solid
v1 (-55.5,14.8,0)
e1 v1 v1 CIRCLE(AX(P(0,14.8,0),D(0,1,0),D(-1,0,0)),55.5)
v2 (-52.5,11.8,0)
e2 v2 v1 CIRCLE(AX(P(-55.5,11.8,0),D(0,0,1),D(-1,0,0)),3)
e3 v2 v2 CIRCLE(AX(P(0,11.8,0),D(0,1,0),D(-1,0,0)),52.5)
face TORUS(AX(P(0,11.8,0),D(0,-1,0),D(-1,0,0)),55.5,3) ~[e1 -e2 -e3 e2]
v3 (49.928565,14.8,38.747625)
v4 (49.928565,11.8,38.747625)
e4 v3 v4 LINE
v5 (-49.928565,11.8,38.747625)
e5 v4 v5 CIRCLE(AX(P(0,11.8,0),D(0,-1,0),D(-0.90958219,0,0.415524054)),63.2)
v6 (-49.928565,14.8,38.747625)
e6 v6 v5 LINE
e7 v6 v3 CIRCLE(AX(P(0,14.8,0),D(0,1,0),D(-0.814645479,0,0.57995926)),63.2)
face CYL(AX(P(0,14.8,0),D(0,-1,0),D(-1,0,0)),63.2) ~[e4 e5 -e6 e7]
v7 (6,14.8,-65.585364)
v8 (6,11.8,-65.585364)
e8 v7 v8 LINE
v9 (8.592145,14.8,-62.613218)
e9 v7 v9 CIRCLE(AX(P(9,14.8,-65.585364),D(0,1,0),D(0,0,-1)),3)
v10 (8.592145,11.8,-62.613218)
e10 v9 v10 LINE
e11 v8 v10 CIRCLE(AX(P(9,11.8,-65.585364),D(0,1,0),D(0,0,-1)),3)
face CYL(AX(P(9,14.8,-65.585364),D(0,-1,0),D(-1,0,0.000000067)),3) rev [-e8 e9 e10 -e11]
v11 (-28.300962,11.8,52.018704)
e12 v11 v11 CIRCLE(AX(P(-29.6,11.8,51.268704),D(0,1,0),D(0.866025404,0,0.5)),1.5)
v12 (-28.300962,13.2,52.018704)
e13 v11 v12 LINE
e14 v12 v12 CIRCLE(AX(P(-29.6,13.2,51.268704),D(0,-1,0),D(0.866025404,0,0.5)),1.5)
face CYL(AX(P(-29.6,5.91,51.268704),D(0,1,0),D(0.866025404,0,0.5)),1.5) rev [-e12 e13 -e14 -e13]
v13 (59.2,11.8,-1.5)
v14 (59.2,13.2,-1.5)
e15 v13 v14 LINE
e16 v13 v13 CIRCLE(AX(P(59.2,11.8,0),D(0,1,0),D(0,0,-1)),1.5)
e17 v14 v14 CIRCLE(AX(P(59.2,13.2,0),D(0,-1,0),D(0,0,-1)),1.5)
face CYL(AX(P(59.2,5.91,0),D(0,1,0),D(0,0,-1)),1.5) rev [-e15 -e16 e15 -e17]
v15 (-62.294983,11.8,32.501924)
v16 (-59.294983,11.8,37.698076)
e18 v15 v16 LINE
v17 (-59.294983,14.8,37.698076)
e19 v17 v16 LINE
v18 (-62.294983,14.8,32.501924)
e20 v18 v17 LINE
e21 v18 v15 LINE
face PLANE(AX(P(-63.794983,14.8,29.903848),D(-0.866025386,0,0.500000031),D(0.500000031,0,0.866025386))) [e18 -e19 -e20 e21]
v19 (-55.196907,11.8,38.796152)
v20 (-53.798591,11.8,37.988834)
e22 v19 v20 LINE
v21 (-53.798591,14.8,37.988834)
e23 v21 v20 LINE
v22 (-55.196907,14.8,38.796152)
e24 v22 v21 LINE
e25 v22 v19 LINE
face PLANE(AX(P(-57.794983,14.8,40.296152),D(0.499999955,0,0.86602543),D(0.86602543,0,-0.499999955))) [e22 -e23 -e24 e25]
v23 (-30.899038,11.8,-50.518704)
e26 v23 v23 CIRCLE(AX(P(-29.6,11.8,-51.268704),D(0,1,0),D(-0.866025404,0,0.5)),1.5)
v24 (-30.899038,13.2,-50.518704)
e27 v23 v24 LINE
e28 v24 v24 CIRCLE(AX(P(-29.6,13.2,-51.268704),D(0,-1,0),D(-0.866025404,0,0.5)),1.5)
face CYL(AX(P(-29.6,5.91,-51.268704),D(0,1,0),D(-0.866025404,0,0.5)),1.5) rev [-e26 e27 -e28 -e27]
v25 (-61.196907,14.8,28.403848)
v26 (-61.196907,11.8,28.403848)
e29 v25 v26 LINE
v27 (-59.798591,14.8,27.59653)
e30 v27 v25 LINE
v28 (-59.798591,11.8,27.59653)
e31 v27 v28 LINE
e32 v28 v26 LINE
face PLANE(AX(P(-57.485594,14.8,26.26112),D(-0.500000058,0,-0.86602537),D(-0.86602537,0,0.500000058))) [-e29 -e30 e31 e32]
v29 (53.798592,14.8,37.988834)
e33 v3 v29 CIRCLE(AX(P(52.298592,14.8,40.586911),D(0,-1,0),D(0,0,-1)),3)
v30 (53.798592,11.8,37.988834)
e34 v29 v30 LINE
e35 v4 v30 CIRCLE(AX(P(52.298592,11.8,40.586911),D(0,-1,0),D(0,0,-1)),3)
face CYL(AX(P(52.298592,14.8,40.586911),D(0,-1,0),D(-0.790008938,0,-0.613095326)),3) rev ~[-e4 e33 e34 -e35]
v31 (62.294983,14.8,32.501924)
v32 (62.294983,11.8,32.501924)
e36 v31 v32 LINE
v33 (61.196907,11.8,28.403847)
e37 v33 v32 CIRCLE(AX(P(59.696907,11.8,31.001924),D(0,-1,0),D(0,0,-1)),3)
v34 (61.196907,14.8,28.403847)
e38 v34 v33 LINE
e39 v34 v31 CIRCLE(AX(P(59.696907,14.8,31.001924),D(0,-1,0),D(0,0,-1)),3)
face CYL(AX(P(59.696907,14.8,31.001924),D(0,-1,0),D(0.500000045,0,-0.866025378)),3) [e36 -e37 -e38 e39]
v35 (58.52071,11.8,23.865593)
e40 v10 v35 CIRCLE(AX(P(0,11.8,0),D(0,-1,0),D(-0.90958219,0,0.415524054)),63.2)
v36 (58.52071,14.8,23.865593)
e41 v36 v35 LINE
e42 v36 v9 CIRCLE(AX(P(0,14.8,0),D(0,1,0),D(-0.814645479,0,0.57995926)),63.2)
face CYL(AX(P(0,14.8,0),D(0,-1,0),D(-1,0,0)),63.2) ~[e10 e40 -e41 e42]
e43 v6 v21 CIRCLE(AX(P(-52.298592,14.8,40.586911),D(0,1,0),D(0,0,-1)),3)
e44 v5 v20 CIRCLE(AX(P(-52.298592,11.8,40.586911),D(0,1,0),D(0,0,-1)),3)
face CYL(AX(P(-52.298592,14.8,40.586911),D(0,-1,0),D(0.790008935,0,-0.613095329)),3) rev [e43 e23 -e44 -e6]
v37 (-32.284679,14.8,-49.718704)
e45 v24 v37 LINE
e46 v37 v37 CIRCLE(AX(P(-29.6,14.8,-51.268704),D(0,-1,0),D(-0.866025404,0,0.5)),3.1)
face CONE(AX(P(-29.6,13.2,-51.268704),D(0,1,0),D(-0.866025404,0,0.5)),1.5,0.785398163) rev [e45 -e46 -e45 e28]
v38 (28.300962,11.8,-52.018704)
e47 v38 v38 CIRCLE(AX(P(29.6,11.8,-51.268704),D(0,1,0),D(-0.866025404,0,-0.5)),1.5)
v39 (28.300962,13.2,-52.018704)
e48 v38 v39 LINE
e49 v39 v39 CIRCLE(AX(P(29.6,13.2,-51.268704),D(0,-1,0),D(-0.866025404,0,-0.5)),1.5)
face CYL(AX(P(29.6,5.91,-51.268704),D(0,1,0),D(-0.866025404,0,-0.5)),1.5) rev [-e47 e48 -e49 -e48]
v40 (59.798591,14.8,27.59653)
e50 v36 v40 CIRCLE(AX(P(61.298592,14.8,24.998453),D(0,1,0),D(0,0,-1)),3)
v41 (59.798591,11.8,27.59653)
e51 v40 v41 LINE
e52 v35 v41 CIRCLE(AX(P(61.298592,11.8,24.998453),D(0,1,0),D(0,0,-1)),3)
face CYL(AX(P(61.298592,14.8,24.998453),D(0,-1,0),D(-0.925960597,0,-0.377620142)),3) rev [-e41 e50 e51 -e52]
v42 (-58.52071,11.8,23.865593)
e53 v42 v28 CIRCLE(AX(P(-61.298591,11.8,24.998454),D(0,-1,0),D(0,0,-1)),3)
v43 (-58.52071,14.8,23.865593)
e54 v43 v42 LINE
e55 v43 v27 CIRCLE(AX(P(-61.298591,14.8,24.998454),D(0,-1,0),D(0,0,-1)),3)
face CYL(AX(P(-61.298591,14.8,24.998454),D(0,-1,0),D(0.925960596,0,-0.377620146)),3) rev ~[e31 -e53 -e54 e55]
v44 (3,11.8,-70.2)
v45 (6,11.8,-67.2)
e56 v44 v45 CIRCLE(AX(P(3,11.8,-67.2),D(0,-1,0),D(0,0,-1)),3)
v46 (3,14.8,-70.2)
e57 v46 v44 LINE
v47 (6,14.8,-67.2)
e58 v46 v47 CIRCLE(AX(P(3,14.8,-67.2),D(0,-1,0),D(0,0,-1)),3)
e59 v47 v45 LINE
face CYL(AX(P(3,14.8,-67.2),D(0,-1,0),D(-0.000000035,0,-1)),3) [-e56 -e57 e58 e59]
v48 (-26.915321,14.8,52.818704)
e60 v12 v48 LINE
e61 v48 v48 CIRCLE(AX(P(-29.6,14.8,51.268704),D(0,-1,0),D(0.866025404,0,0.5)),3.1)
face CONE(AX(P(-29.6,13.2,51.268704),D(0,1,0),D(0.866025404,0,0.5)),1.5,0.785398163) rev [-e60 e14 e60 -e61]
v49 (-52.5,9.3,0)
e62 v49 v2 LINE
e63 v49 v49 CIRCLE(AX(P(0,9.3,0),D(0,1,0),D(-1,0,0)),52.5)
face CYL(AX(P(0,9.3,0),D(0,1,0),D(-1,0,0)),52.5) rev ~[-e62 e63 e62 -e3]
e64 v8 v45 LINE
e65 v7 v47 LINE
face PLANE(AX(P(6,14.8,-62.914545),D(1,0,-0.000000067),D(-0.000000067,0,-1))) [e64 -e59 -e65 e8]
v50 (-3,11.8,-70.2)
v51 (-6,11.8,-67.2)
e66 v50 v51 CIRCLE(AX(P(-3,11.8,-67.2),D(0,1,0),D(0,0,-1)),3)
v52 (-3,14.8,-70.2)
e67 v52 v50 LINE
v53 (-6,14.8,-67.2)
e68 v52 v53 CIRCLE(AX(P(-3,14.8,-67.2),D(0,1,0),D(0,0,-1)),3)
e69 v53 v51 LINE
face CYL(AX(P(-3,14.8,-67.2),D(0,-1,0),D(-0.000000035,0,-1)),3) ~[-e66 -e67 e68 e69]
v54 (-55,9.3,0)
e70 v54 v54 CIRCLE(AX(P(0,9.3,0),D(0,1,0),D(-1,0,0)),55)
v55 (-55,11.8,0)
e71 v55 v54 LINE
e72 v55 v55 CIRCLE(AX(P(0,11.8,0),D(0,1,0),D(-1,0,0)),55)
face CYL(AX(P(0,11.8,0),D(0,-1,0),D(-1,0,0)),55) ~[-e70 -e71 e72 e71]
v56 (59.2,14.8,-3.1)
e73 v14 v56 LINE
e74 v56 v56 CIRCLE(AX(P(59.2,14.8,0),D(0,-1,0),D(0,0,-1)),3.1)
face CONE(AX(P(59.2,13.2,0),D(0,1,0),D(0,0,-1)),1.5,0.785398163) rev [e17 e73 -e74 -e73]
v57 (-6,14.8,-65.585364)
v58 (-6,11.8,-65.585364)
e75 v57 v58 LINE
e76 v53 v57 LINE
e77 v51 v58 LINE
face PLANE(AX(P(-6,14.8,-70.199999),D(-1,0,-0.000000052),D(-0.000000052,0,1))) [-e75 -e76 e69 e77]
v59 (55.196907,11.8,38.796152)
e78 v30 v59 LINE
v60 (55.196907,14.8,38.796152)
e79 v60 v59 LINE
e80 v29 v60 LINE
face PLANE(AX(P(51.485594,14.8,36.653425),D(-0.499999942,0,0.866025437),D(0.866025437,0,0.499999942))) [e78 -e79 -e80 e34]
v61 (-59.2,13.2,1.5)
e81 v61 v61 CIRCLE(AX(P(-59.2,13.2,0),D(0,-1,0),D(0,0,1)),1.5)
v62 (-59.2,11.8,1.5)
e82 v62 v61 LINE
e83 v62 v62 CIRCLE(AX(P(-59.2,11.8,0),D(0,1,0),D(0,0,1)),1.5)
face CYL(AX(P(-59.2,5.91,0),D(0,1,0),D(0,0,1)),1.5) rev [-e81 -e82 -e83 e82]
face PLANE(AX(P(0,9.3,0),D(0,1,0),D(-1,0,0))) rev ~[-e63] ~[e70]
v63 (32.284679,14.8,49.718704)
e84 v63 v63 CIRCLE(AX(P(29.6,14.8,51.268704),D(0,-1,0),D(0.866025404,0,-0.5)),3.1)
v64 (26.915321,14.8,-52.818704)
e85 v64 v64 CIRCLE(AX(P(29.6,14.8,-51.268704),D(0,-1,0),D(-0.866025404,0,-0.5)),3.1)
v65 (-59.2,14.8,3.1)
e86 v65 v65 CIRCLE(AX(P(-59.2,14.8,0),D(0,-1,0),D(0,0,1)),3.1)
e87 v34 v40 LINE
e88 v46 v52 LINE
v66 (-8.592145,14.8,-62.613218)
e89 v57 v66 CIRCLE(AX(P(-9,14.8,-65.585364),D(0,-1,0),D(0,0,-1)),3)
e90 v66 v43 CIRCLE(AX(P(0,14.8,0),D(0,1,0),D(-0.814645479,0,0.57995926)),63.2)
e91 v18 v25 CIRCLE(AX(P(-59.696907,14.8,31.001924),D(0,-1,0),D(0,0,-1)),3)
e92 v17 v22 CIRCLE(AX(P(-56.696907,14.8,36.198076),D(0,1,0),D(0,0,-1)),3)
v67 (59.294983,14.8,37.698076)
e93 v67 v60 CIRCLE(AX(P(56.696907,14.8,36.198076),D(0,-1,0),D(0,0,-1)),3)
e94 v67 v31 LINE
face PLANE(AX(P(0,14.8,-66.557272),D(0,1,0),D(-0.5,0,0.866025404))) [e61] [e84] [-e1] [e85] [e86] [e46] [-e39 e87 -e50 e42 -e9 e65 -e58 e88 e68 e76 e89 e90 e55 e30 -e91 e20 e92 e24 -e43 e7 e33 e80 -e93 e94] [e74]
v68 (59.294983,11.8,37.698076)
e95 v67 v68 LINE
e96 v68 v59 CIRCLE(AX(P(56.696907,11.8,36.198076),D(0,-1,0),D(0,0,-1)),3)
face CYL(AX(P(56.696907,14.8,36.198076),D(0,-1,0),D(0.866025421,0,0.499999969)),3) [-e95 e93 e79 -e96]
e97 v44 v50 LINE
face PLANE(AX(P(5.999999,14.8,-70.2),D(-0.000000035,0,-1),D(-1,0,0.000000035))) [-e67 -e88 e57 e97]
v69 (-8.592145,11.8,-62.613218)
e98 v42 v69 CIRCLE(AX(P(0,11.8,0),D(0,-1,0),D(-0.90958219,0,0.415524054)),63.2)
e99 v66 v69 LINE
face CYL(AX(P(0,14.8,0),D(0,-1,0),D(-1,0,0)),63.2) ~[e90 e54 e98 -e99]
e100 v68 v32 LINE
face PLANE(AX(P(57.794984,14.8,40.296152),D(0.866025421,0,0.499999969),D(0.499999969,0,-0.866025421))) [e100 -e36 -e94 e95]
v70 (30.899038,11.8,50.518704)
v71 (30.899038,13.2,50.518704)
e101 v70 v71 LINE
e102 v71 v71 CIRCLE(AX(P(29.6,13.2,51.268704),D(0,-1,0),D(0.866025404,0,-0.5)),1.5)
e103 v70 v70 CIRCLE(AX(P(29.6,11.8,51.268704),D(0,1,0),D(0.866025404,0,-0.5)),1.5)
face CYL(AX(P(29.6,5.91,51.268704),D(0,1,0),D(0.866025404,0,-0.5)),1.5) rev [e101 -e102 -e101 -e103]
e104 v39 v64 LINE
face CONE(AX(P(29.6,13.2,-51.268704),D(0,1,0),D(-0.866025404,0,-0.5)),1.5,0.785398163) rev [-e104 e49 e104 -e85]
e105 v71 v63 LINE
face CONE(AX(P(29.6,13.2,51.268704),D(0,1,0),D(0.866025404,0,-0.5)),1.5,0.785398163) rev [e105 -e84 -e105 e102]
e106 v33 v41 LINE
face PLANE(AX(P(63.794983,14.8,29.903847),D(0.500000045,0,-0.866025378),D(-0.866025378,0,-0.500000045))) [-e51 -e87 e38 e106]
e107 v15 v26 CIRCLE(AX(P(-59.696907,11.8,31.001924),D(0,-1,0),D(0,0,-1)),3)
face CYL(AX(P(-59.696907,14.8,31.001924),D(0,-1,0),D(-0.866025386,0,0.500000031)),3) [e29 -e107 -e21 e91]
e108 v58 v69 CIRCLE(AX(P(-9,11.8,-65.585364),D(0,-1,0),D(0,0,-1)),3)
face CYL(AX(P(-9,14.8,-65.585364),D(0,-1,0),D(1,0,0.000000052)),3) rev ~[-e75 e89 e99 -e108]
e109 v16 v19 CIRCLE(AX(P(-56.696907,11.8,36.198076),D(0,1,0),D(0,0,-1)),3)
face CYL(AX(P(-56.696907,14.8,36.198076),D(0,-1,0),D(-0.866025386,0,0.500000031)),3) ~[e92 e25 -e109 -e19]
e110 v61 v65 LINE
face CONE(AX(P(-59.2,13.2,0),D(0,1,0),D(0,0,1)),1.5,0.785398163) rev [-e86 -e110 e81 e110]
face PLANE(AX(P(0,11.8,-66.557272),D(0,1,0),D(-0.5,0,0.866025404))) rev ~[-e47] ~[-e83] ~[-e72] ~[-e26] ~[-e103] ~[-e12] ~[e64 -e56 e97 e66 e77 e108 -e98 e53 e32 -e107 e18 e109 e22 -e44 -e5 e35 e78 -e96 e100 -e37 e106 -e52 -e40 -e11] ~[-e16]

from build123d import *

# Parameters (mm, degrees)
CIRPATTERN1_COUNT        = 6
FILLET1_R                = 3
BOSS_EXTRUDE1_START      = 14.8
BOSS_EXTRUDE1_DEPTH      = 3
FILLET2_R                = 3
CIRPATTERN2_COUNT        = 3
FILLET2_OF_CIRPATTERN2_R = 3


with BuildPart() as part:
    # Sketch3 → Cap (revolve)
    with BuildSketch(Plane.XY):
        Polygon((-55, 9.3), (-52.5, 9.3), (-52.5, 14.8), (-63.2, 14.8), (-63.2, 11.8), (-55, 11.8), align=None)
    revolve(axis=Axis((0, 0, 0), (0, 1, 0)))

    # Sketch12 → CSK for M3 Flat Head Machine Screw1 (revolve, cut)
    with BuildSketch(Plane(origin=(-59.2, 14.8, 0), x_dir=(0, 0, 1), z_dir=(1, 0, 0))):
        Polygon((0, 0), (0, 9.791291), (1.5, 8.89), (1.5, 1.6), (3.1, 0), align=None)
    csk_for_m3_flat_head_machine_screw1 = revolve(axis=Axis((-59.2, 21.15, 0), (0, -1, 0)), mode=Mode.SUBTRACT)

    # CirPattern1: CSK for M3 Flat Head Machine Screw1 ×6 about axis
    cirpattern1_axis = Axis((0, 0, 0), (0, 1, 0))
    for i in range(1, CIRPATTERN1_COUNT):
        add(csk_for_m3_flat_head_machine_screw1.rotate(cirpattern1_axis, i * 360 / CIRPATTERN1_COUNT), mode=Mode.SUBTRACT)

    # Fillet1
    fillet1_edges = [part.edges().sort_by_distance(p)[0] for p in [
        (52.5, 14.8, 0),
    ]]
    fillet(fillet1_edges, radius=FILLET1_R)

    # Sketch14 → Boss-Extrude1 (add)
    with BuildSketch(Plane(origin=(0, 0, 0), x_dir=(1, 0, 0), z_dir=(0, 1, 0)).offset(BOSS_EXTRUDE1_START)):
        Polygon((-63.794983, -29.903848), (-57.794983, -40.296152), (-51.485594, -36.653425), (-57.485594, -26.26112), align=None)
    boss_extrude1 = extrude(amount=-BOSS_EXTRUDE1_DEPTH)

    # Fillet2
    fillet2_edges = [part.edges().sort_by_distance(p)[0] for p in [
        (-57.794983, 13.3, 40.296152),
        (-63.794983, 13.3, 29.903848),
        (-57.485594, 13.3, 26.26112),
        (-51.485594, 13.3, 36.653425),
    ]]
    fillet(fillet2_edges, radius=FILLET2_R)

    # CirPattern2: Boss-Extrude1 ×3 about axis
    cirpattern2_axis = Axis((0, 0, 0), (0, 1, 0))
    for i in range(1, CIRPATTERN2_COUNT):
        add(boss_extrude1.rotate(cirpattern2_axis, i * 360 / CIRPATTERN2_COUNT))

    # Fillet2 of CirPattern2
    fillet2_of_cirpattern2_edges = [part.edges().sort_by_distance(p)[0] for p in [
        (63.794983, 13.3, 29.903848),
        (57.794983, 13.3, 40.296152),
        (51.485594, 13.3, 36.653425),
        (57.485594, 13.3, 26.26112),
        (-6, 13.3, -70.2),
        (6, 13.3, -70.2),
        (6, 13.3, -62.914545),
        (-6, 13.3, -62.914545),
    ]]
    fillet(fillet2_of_cirpattern2_edges, radius=FILLET2_OF_CIRPATTERN2_R)


solid = part.part
